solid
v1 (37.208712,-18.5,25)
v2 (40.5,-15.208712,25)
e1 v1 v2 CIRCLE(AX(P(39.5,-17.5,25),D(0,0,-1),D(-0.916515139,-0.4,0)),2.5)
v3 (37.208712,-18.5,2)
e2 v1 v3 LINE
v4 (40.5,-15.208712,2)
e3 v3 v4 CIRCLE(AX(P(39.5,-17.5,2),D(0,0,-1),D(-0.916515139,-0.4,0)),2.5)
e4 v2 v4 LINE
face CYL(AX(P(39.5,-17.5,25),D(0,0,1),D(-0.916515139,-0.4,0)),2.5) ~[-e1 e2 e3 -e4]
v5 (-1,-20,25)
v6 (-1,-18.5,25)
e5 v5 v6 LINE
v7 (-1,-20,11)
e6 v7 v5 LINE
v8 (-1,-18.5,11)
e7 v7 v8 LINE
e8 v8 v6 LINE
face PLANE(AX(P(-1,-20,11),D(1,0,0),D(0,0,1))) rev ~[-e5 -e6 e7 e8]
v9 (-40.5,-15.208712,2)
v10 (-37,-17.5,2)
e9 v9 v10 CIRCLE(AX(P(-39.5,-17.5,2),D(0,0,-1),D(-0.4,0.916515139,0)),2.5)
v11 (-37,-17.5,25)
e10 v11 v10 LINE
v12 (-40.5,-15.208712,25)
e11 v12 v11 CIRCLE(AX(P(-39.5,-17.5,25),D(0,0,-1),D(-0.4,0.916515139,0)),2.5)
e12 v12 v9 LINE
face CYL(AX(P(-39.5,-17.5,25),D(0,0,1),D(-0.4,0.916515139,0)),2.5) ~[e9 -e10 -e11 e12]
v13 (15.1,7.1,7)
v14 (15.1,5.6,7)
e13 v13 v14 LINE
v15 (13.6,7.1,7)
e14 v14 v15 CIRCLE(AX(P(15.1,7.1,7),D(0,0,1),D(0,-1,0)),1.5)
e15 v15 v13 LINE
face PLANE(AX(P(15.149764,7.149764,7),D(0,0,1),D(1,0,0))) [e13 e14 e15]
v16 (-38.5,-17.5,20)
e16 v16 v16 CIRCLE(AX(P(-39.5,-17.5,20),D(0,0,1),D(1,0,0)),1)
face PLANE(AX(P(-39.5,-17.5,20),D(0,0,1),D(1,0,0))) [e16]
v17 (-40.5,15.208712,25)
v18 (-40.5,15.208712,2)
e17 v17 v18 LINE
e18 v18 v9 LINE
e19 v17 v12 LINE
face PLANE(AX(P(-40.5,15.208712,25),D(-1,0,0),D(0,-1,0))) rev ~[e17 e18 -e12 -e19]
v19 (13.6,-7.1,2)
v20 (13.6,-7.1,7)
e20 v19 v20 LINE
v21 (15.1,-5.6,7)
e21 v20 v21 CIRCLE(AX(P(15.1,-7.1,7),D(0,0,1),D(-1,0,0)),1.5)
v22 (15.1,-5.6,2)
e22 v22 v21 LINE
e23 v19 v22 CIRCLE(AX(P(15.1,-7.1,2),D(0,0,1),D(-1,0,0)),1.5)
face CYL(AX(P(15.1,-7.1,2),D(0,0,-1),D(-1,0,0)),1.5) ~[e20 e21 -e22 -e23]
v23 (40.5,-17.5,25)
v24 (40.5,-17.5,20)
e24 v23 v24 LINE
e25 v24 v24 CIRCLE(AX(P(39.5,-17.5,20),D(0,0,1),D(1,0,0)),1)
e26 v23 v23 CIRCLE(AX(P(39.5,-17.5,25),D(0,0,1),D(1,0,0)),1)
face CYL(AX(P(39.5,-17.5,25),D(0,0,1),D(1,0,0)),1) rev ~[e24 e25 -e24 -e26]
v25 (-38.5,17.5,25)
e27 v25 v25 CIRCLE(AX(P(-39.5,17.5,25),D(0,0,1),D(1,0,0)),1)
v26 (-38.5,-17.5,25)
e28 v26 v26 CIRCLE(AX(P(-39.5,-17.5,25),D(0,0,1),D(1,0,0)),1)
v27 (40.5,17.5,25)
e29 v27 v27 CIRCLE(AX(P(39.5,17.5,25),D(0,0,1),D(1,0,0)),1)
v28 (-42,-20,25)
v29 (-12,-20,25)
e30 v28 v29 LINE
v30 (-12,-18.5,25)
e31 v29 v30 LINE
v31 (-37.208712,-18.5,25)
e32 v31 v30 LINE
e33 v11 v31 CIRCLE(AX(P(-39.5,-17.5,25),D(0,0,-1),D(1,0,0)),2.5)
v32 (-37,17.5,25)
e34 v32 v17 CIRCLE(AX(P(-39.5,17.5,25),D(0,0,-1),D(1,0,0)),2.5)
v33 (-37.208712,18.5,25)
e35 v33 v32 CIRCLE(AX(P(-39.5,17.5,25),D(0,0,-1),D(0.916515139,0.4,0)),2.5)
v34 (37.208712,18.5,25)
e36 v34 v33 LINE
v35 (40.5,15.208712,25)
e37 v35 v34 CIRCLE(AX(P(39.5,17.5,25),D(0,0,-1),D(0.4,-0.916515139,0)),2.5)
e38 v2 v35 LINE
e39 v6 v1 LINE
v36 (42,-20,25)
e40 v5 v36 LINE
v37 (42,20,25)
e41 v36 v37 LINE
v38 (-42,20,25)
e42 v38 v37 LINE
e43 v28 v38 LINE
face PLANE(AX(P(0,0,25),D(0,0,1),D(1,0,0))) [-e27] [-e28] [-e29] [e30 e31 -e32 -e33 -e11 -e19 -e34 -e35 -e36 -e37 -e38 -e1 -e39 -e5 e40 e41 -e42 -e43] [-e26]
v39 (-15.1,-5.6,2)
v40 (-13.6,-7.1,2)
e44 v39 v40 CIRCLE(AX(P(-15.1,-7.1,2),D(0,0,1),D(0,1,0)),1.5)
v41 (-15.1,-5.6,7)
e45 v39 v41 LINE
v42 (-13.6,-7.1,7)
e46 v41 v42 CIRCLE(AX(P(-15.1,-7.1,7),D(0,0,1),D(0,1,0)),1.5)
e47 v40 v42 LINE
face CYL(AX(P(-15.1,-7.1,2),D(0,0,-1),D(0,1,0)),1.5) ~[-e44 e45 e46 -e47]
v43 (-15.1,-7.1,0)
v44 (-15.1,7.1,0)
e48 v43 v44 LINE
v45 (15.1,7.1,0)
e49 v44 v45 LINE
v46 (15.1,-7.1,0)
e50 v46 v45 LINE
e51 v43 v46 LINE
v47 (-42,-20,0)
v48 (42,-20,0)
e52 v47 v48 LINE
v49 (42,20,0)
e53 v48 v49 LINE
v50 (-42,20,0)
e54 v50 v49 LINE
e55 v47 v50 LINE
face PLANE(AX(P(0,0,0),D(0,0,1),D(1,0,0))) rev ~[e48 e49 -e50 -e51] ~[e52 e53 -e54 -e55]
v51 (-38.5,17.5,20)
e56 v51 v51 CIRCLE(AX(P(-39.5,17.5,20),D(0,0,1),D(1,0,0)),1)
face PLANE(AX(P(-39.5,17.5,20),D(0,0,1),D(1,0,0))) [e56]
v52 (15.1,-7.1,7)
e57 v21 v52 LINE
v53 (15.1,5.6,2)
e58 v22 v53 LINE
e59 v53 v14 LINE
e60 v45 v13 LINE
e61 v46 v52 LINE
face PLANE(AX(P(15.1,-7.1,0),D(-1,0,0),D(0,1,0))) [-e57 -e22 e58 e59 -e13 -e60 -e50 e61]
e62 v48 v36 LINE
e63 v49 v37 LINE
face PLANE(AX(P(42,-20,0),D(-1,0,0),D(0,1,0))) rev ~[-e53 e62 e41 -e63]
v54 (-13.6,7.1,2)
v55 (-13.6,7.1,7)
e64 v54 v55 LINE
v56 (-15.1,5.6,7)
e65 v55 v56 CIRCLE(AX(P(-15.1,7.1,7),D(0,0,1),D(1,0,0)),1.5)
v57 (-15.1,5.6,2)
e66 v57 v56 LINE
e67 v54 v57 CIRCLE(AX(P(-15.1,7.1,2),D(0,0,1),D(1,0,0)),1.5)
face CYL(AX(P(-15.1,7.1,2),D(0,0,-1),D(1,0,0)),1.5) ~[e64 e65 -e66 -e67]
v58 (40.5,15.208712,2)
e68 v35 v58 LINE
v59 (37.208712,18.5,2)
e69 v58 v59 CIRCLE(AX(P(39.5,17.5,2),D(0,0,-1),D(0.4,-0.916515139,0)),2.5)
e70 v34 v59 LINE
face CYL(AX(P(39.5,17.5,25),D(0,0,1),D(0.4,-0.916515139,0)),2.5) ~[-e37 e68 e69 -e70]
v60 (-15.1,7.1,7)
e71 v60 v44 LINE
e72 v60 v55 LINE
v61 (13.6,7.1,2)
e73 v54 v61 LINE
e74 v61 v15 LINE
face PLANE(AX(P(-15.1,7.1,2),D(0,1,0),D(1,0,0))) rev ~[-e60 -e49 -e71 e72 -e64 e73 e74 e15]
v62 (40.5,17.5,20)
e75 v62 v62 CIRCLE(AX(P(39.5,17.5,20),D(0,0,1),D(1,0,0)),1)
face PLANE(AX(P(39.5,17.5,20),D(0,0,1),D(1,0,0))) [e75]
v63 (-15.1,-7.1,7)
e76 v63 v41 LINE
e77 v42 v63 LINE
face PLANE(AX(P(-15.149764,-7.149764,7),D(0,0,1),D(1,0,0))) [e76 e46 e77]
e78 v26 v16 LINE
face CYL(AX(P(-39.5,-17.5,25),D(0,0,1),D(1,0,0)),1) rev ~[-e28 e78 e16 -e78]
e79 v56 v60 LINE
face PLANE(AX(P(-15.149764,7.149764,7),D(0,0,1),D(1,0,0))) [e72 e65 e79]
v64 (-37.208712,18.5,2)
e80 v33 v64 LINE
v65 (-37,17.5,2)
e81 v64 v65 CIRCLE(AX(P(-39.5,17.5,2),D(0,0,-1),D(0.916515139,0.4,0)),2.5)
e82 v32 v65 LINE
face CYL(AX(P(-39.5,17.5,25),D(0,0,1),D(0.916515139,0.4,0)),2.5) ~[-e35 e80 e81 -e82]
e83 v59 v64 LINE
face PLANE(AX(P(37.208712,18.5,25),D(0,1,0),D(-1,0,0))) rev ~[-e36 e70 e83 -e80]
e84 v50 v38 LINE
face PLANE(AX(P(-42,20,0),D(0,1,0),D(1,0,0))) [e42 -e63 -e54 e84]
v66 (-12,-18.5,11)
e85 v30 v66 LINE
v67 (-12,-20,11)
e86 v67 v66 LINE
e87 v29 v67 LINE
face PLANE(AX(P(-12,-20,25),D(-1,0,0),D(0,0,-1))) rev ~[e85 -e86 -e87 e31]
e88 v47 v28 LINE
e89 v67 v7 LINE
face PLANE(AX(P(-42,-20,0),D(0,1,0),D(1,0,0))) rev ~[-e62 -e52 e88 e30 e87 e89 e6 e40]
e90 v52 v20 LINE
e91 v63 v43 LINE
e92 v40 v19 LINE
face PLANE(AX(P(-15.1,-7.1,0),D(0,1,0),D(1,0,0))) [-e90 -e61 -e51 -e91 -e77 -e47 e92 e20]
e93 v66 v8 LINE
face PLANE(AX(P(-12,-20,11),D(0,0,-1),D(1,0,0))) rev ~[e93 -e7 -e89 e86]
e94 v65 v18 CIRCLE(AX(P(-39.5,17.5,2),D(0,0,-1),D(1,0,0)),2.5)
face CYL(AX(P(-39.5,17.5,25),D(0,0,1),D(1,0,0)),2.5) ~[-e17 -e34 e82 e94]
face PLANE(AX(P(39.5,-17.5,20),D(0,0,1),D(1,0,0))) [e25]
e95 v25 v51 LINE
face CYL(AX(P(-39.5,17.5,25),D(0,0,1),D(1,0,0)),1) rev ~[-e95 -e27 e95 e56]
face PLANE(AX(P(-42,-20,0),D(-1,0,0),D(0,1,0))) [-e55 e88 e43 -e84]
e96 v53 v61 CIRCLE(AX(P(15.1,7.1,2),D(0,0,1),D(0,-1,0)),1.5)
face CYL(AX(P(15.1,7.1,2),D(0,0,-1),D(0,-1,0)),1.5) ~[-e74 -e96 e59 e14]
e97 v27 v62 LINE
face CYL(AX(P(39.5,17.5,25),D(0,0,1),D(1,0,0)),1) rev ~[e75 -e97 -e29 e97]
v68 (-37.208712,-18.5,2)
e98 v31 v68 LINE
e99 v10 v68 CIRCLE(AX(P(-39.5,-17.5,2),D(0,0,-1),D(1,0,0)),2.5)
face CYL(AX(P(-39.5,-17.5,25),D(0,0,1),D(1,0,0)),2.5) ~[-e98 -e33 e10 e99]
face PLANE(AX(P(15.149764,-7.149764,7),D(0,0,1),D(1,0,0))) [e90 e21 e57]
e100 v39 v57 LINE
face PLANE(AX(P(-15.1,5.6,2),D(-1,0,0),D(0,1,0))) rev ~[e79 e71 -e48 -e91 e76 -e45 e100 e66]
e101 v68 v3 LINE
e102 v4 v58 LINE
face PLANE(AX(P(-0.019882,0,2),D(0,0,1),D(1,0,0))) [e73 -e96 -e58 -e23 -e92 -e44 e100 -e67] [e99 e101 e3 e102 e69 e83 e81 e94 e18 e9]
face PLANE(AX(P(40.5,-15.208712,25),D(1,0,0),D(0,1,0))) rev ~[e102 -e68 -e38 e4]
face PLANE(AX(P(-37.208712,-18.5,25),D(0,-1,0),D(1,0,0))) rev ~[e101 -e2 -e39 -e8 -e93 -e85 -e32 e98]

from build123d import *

# Parameters (mm, degrees)
F0_W     = 84
F0_H     = 40
F0_W_2   = 30.2
F0_H_2   = 14.2
F1_DEPTH = 25
F2_W     = 30.2
F2_H     = 14.2
F3_DEPTH = 23
F5_DEPTH = 5
F6_R     = 1
F7_DEPTH = 5
F8_W     = 11
F8_H     = 9
F8_H_2   = 5
F9_DEPTH = 1.5


with BuildPart() as f1:
    # F0 (on Top) → F1 (new body)
    with BuildSketch(Plane.XY):
        Rectangle(F0_W, F0_H)
        Rectangle(F0_W_2, F0_H_2, mode=Mode.SUBTRACT)
    extrude(amount=F1_DEPTH)

    # F2 (on face) → F3 (cut)
    with BuildSketch(Plane.XY.offset(25)):
        with BuildLine():
            Line((-37.2087121525, -18.5), (37.2087121525, -18.5))
            ThreePointArc((37.2087121525, -18.5), (37.732233047, -15.732233047), (40.5, -15.2087121525))
            Line((40.5, -15.2087121525), (40.5, 15.2087121525))
            ThreePointArc((40.5, 15.2087121525), (37.732233047, 15.732233047), (37.2087121525, 18.5))
            Line((37.2087121525, 18.5), (-37.2087121525, 18.5))
            ThreePointArc((-37.2087121525, 18.5), (-37.0527342177, 18.0107741092), (-37, 17.5))
            ThreePointArc((-37, 17.5), (-38.1306936062, 15.4083499337), (-40.5, 15.2087121525))
            Line((-40.5, 15.2087121525), (-40.5, -15.2087121525))
            ThreePointArc((-40.5, -15.2087121525), (-38.1306936062, -15.4083499337), (-37, -17.5))
            ThreePointArc((-37, -17.5), (-37.0527342177, -18.0107741092), (-37.2087121525, -18.5))
        make_face()
        Rectangle(F2_W, F2_H, mode=Mode.SUBTRACT)
    extrude(amount=-F3_DEPTH, mode=Mode.SUBTRACT)

    # F4 (on face) → F5 (join)
    with BuildSketch(Plane.XY.offset(2)):
        with BuildLine():
            Line((-15.1, 7.1), (-13.6, 7.1))
            ThreePointArc((-13.6, 7.1), (-16.1606601718, 8.1606601718), (-15.1, 5.6))
            Line((-15.1, 5.6), (-15.1, 7.1))
        make_face()
        with BuildLine():
            Line((-15.1, -7.1), (-15.1, -5.6))
            ThreePointArc((-15.1, -5.6), (-16.1606601718, -8.1606601718), (-13.6, -7.1))
            Line((-13.6, -7.1), (-15.1, -7.1))
        make_face()
        with BuildLine():
            ThreePointArc((13.6, -7.1), (16.1606601718, -8.1606601718), (15.1, -5.6))
            Line((15.1, -5.6), (15.1, -7.1))
            Line((15.1, -7.1), (13.6, -7.1))
        make_face()
        with BuildLine():
            ThreePointArc((15.1, 5.6), (16.1606601718, 8.1606601718), (13.6, 7.1))
            Line((13.6, 7.1), (15.1, 7.1))
            Line((15.1, 7.1), (15.1, 5.6))
        make_face()
    extrude(amount=F5_DEPTH)

    # F6 (on face) → F7 (cut)
    with BuildSketch(Plane.XY.offset(25)):
        with Locations((-39.5, 17.5)):
            Circle(F6_R)
        with Locations((39.5, 17.5)):
            Circle(F6_R)
        with Locations((39.5, -17.5)):
            Circle(F6_R)
        with Locations((-39.5, -17.5)):
            Circle(F6_R)
    extrude(amount=-F7_DEPTH, mode=Mode.SUBTRACT)

    # F8 (on face) → F9 (cut, through all)
    with BuildSketch(Plane.XZ.offset(20)):
        with Locations((-6.5, 15.5)):
            Rectangle(F8_W, F8_H)
        with Locations((-6.5, 22.5)):
            Rectangle(F8_W, F8_H_2)
    extrude(amount=-F9_DEPTH, mode=Mode.SUBTRACT)


solid = f1.part
